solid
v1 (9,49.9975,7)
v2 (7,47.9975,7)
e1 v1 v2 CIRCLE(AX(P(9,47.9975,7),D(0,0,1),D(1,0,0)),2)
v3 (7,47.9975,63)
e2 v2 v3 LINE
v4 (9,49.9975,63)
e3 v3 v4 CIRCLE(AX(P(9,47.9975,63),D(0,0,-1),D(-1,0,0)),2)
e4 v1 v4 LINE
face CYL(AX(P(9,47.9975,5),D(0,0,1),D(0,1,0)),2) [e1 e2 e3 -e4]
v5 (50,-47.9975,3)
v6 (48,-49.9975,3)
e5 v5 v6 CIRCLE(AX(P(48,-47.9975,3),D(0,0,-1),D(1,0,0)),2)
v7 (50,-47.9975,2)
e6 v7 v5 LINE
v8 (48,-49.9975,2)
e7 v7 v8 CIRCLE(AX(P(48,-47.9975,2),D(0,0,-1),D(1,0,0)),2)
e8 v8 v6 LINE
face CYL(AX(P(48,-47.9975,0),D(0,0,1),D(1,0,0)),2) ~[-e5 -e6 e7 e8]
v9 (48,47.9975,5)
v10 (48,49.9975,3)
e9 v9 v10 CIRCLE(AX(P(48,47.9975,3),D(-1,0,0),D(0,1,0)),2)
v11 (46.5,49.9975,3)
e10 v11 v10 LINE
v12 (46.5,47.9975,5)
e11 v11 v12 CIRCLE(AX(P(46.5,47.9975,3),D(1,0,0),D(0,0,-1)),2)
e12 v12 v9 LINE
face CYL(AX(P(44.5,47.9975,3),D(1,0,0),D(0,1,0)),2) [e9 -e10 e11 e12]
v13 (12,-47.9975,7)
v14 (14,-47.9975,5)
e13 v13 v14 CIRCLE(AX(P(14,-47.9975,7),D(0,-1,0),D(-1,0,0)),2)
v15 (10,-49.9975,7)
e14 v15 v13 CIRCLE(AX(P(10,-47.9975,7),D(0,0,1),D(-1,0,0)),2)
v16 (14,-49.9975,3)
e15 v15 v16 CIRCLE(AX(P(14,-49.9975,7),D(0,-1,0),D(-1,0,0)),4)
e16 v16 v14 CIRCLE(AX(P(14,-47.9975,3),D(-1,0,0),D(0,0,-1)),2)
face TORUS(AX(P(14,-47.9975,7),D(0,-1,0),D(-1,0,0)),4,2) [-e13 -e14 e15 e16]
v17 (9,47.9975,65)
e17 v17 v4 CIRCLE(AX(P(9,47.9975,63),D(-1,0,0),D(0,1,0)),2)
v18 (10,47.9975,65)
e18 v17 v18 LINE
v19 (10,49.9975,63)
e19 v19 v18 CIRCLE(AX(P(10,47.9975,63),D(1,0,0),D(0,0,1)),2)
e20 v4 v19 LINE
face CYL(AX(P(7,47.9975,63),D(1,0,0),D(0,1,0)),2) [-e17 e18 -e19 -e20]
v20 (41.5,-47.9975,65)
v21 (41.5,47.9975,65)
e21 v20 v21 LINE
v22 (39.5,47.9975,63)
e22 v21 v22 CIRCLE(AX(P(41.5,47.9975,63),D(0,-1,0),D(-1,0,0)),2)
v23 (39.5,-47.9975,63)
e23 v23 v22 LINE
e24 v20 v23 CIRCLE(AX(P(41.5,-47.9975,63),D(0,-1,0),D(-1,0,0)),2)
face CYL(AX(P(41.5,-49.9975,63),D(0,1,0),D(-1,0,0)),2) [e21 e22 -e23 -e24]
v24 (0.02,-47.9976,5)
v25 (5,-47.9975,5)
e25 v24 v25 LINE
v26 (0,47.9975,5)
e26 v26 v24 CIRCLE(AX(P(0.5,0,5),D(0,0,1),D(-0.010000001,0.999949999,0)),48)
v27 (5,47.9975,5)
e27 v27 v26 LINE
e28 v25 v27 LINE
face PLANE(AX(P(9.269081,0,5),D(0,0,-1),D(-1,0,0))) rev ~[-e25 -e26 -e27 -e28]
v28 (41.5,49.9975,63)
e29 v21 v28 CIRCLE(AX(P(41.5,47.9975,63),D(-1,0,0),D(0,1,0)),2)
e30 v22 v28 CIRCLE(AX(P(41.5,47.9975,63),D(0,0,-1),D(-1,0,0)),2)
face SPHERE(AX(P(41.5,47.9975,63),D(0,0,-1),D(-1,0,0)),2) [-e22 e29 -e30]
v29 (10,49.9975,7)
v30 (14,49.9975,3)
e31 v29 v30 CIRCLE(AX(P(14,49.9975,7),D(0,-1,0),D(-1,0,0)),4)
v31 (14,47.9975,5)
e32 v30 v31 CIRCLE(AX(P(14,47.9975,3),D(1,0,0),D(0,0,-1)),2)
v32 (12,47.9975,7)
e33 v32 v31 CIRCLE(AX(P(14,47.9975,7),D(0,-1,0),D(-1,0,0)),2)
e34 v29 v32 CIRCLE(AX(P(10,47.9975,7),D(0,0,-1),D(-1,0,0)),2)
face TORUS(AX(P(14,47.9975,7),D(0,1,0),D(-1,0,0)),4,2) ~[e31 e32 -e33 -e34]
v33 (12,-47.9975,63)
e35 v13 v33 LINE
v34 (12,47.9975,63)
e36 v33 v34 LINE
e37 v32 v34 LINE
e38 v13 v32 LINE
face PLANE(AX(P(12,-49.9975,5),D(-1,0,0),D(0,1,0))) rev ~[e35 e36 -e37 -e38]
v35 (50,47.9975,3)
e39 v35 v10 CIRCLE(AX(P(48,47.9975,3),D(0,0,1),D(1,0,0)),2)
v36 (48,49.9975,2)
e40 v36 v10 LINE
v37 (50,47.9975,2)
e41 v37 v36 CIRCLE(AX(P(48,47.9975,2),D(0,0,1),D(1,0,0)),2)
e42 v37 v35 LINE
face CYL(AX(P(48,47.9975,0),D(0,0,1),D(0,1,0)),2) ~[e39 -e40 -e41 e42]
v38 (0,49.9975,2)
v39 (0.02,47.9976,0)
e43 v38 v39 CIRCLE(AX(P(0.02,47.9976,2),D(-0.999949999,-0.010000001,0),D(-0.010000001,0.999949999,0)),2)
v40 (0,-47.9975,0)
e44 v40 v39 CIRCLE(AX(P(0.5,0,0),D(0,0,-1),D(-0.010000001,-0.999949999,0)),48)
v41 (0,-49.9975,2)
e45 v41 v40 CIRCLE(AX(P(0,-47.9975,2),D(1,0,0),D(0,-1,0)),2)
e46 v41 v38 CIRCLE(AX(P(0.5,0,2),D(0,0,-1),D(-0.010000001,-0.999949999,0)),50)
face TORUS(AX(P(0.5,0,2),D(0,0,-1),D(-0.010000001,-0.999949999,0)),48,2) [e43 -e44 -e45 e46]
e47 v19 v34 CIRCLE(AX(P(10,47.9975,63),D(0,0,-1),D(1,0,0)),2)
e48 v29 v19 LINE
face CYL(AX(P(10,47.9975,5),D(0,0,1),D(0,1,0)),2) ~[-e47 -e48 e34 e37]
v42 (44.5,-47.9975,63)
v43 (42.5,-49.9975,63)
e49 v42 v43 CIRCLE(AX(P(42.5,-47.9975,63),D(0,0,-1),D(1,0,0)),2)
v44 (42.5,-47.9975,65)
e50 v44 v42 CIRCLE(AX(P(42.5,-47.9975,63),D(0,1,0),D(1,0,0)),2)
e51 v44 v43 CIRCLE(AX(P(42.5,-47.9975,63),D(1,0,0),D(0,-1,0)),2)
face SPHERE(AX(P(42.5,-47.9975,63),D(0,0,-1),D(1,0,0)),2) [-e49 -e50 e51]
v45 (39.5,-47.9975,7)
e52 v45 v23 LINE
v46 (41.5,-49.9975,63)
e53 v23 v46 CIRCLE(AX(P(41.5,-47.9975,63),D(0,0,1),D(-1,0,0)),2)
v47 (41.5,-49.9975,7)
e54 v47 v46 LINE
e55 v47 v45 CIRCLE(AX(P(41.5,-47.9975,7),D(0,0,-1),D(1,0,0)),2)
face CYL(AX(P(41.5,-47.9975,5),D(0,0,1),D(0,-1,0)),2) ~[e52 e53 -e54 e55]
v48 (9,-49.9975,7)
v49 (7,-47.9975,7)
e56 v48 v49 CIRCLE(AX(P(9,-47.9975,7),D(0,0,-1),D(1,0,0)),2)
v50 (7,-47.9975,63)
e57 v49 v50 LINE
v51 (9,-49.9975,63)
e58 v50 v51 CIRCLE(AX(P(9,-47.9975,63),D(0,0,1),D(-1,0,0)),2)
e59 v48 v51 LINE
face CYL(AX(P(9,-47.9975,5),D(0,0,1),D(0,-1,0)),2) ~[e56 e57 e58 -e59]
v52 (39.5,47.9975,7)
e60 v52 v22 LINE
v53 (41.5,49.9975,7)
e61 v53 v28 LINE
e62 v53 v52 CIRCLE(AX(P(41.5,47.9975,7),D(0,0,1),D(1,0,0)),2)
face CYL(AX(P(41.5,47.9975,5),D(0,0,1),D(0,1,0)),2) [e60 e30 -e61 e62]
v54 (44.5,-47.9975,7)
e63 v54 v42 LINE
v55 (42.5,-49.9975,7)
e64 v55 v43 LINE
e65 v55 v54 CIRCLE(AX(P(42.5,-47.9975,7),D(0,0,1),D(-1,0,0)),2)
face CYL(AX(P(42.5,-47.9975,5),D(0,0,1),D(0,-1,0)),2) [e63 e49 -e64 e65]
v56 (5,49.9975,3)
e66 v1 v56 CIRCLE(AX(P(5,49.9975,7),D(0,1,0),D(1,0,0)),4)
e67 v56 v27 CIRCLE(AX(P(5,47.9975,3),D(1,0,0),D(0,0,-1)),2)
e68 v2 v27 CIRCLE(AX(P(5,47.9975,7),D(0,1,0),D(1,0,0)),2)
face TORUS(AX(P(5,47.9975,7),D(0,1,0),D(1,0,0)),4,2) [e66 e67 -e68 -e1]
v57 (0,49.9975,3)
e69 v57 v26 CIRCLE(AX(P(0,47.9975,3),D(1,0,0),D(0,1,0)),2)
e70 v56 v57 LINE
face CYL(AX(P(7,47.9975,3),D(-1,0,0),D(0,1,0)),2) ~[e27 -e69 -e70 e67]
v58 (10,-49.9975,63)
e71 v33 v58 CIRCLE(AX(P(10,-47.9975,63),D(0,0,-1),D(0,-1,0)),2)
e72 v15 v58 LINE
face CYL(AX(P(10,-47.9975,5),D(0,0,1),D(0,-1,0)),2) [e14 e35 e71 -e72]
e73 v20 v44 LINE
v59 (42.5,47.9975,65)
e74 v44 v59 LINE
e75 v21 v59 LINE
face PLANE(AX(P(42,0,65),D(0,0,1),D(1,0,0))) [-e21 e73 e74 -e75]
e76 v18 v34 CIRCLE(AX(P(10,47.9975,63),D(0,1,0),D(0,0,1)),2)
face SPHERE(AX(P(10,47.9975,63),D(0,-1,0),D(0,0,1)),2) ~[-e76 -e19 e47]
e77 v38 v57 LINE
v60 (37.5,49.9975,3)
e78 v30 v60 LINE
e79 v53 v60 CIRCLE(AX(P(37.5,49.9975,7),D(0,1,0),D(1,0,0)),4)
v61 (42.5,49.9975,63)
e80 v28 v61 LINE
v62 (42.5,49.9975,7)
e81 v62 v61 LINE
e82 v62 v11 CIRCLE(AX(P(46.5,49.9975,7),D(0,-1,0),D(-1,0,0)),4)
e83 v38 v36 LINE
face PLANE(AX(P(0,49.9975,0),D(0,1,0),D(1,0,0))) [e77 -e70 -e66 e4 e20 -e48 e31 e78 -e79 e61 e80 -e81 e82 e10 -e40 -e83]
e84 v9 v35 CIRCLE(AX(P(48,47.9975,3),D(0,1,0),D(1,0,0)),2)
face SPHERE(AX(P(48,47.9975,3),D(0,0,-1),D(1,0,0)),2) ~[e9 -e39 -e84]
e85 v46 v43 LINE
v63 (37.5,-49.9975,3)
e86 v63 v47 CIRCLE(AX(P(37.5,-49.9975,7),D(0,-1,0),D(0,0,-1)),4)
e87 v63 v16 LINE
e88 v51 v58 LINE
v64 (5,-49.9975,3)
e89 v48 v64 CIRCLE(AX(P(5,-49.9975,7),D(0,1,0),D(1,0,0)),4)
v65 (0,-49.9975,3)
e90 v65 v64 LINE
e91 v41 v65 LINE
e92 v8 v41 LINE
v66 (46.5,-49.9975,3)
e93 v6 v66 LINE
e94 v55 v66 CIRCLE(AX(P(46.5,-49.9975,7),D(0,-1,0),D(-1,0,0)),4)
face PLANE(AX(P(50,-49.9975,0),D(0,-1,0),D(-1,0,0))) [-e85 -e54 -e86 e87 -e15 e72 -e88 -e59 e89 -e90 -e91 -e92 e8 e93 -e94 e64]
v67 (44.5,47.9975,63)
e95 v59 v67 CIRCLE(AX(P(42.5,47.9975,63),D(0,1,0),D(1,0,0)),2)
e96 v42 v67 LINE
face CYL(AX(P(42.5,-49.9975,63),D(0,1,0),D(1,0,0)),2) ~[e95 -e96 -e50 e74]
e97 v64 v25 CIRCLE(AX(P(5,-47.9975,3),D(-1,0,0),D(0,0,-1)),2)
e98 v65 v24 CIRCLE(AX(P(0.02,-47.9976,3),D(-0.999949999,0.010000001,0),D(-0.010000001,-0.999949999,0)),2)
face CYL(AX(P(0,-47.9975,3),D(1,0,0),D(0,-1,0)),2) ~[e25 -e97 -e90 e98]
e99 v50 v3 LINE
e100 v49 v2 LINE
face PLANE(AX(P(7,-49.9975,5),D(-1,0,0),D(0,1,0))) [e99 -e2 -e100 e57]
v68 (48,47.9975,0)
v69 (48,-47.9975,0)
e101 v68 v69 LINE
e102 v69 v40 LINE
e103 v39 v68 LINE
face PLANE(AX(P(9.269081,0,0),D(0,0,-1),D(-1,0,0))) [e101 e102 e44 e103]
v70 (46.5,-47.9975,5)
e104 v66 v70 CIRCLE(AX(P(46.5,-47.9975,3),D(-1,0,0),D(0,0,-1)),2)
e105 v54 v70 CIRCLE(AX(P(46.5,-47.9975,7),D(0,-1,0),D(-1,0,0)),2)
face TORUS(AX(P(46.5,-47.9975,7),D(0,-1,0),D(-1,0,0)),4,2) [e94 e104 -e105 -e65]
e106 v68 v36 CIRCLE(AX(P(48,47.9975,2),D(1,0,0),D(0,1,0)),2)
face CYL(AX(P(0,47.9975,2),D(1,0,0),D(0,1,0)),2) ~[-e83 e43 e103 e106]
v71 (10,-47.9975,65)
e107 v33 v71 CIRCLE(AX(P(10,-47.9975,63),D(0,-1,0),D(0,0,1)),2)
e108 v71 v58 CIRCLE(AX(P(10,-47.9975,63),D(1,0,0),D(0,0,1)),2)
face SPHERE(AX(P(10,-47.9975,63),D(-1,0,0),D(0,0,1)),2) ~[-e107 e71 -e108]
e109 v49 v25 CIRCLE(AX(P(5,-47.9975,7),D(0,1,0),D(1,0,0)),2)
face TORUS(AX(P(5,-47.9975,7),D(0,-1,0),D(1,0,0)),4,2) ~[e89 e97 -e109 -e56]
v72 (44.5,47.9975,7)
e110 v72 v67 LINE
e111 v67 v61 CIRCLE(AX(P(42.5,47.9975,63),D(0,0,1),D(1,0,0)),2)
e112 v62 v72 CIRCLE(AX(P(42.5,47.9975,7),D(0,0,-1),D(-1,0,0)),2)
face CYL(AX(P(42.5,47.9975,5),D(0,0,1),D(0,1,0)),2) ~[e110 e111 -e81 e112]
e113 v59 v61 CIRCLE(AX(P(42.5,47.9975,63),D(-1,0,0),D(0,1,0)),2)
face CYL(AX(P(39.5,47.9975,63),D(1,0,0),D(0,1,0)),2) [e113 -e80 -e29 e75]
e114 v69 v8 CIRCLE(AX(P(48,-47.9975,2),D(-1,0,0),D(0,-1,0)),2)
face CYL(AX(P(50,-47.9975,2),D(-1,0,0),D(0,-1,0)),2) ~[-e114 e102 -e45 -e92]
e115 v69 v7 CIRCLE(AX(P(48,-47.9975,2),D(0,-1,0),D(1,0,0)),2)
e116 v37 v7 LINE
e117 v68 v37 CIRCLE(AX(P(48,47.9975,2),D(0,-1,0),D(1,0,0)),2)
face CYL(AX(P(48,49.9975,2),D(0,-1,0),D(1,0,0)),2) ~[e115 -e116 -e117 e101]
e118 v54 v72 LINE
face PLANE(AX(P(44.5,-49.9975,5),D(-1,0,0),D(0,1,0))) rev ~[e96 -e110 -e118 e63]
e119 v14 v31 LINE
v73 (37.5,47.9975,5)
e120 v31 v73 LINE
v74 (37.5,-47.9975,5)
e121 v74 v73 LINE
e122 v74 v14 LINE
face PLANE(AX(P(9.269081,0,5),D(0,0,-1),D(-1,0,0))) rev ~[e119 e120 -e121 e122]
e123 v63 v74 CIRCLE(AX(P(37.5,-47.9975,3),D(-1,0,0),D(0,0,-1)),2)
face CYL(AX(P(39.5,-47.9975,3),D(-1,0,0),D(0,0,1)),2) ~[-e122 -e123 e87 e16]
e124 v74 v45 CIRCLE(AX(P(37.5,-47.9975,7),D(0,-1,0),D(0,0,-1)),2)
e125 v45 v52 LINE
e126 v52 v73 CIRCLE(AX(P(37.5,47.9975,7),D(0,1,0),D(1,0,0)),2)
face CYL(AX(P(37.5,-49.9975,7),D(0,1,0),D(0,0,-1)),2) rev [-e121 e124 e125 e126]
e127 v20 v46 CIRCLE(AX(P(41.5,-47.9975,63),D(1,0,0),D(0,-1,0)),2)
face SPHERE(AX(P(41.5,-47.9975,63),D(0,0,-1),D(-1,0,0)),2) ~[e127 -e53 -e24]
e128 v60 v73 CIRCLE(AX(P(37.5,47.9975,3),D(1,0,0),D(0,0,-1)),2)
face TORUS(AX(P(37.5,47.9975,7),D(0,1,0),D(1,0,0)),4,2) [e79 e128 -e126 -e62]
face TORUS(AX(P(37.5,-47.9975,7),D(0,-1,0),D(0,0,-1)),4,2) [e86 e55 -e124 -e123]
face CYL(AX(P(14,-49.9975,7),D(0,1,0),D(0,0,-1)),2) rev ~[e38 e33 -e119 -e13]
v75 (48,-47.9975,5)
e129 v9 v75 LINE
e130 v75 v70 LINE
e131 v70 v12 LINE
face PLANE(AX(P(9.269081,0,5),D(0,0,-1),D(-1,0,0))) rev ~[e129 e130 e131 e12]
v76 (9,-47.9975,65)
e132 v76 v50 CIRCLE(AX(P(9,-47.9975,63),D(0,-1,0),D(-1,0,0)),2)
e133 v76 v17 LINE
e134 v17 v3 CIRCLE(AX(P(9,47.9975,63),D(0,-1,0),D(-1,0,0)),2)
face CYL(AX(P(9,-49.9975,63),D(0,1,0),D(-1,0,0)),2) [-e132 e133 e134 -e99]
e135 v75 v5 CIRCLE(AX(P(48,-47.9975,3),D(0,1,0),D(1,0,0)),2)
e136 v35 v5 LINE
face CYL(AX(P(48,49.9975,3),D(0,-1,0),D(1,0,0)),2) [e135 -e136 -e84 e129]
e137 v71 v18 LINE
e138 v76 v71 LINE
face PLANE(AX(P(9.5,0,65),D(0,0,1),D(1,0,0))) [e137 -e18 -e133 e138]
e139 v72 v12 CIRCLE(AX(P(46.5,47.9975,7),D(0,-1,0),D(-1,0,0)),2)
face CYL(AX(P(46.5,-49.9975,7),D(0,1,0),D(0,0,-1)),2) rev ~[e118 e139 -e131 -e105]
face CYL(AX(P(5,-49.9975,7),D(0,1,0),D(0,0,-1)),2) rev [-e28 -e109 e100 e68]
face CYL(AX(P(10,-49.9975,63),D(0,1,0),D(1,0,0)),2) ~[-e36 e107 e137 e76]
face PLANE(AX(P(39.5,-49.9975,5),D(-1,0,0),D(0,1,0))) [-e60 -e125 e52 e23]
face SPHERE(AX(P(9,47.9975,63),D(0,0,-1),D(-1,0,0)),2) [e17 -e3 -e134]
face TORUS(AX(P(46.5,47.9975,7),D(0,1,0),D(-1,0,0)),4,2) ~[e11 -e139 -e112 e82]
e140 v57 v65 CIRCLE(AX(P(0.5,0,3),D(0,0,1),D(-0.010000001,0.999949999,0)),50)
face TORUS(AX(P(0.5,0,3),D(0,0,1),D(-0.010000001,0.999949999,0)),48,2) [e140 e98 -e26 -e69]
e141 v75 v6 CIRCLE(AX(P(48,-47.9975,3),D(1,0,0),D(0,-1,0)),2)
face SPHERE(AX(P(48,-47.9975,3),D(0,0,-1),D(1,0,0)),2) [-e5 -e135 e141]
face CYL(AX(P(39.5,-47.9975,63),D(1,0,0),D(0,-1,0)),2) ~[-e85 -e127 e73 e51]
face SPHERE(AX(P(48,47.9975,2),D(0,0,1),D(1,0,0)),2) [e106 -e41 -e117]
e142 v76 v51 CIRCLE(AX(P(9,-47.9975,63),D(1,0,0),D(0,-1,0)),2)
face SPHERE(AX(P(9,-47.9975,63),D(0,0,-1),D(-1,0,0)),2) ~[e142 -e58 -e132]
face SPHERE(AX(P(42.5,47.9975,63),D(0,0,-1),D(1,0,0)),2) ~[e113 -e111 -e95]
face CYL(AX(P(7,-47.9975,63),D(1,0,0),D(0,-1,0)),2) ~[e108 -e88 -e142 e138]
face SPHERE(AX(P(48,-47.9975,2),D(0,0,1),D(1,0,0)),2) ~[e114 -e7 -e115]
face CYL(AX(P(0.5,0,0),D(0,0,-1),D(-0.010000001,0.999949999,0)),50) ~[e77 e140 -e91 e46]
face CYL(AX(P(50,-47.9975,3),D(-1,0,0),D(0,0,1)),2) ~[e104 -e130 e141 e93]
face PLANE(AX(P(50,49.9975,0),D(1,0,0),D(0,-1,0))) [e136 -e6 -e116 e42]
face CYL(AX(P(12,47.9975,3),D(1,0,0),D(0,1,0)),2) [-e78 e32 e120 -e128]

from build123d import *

# Parameters (mm, degrees)
PAD_DEPTH    = 5
SKETCH001_W  = 5
SKETCH001_H  = 99.995
PAD001_DEPTH = 60
FILLET_R     = 2


with BuildPart() as part:
    # Sketch → Pad (new body)
    with BuildSketch(Plane.XY):
        with BuildLine():
            Line((0, 49.9975), (50, 49.9975))
            Line((50, 49.9975), (50, -49.9975))
            Line((50, -49.9975), (0, -49.9975))
            ThreePointArc((0, 49.9975), (-49.5, 0), (0, -49.9975))
        make_face()
    extrude(amount=PAD_DEPTH)

    # Sketch001 (on Face6 of Pad) → Pad001 (join)
    with BuildSketch(Plane.XY.offset(5)):
        with Locations((9.5, 0)):
            Rectangle(SKETCH001_W, SKETCH001_H)
        with Locations((42, 0)):
            Rectangle(SKETCH001_W, SKETCH001_H)
    extrude(amount=PAD001_DEPTH)

    # Fillet
    fillet_edges = [part.edges().sort_by_distance(p)[0] for p in [
        (50, 49.9975, 2.5),
        (50, -49.9975, 2.5),
        (50, 0, 0),
        (50, 0, 5),
        (25, 49.9975, 0),
        (25, -49.9975, 0),
        (-49.5, 0, 0),
        (0, 49.9975, 2.5),
        (0, -49.9975, 2.5),
        (-49.5, 0, 5),
        (3.5, 49.9975, 5),
        (7, 0, 5),
        (3.5, -49.9975, 5),
        (47.25, 49.9975, 5),
        (47.25, -49.9975, 5),
        (44.5, 0, 5),
        (7, 49.9975, 35),
        (7, -49.9975, 35),
        (7, 0, 65),
        (9.5, -49.9975, 65),
        (12, 0, 65),
        (9.5, 49.9975, 65),
        (25.75, 49.9975, 5),
        (39.5, 0, 5),
        (25.75, -49.9975, 5),
        (12, 0, 5),
        (12, -49.9975, 35),
        (12, 49.9975, 35),
        (39.5, 49.9975, 35),
        (39.5, -49.9975, 35),
        (39.5, 0, 65),
        (44.5, -49.9975, 35),
        (44.5, 49.9975, 35),
        (44.5, 0, 65),
        (42, -49.9975, 65),
        (42, 49.9975, 65),
    ]]
    fillet(fillet_edges, radius=FILLET_R)


solid = part.part
